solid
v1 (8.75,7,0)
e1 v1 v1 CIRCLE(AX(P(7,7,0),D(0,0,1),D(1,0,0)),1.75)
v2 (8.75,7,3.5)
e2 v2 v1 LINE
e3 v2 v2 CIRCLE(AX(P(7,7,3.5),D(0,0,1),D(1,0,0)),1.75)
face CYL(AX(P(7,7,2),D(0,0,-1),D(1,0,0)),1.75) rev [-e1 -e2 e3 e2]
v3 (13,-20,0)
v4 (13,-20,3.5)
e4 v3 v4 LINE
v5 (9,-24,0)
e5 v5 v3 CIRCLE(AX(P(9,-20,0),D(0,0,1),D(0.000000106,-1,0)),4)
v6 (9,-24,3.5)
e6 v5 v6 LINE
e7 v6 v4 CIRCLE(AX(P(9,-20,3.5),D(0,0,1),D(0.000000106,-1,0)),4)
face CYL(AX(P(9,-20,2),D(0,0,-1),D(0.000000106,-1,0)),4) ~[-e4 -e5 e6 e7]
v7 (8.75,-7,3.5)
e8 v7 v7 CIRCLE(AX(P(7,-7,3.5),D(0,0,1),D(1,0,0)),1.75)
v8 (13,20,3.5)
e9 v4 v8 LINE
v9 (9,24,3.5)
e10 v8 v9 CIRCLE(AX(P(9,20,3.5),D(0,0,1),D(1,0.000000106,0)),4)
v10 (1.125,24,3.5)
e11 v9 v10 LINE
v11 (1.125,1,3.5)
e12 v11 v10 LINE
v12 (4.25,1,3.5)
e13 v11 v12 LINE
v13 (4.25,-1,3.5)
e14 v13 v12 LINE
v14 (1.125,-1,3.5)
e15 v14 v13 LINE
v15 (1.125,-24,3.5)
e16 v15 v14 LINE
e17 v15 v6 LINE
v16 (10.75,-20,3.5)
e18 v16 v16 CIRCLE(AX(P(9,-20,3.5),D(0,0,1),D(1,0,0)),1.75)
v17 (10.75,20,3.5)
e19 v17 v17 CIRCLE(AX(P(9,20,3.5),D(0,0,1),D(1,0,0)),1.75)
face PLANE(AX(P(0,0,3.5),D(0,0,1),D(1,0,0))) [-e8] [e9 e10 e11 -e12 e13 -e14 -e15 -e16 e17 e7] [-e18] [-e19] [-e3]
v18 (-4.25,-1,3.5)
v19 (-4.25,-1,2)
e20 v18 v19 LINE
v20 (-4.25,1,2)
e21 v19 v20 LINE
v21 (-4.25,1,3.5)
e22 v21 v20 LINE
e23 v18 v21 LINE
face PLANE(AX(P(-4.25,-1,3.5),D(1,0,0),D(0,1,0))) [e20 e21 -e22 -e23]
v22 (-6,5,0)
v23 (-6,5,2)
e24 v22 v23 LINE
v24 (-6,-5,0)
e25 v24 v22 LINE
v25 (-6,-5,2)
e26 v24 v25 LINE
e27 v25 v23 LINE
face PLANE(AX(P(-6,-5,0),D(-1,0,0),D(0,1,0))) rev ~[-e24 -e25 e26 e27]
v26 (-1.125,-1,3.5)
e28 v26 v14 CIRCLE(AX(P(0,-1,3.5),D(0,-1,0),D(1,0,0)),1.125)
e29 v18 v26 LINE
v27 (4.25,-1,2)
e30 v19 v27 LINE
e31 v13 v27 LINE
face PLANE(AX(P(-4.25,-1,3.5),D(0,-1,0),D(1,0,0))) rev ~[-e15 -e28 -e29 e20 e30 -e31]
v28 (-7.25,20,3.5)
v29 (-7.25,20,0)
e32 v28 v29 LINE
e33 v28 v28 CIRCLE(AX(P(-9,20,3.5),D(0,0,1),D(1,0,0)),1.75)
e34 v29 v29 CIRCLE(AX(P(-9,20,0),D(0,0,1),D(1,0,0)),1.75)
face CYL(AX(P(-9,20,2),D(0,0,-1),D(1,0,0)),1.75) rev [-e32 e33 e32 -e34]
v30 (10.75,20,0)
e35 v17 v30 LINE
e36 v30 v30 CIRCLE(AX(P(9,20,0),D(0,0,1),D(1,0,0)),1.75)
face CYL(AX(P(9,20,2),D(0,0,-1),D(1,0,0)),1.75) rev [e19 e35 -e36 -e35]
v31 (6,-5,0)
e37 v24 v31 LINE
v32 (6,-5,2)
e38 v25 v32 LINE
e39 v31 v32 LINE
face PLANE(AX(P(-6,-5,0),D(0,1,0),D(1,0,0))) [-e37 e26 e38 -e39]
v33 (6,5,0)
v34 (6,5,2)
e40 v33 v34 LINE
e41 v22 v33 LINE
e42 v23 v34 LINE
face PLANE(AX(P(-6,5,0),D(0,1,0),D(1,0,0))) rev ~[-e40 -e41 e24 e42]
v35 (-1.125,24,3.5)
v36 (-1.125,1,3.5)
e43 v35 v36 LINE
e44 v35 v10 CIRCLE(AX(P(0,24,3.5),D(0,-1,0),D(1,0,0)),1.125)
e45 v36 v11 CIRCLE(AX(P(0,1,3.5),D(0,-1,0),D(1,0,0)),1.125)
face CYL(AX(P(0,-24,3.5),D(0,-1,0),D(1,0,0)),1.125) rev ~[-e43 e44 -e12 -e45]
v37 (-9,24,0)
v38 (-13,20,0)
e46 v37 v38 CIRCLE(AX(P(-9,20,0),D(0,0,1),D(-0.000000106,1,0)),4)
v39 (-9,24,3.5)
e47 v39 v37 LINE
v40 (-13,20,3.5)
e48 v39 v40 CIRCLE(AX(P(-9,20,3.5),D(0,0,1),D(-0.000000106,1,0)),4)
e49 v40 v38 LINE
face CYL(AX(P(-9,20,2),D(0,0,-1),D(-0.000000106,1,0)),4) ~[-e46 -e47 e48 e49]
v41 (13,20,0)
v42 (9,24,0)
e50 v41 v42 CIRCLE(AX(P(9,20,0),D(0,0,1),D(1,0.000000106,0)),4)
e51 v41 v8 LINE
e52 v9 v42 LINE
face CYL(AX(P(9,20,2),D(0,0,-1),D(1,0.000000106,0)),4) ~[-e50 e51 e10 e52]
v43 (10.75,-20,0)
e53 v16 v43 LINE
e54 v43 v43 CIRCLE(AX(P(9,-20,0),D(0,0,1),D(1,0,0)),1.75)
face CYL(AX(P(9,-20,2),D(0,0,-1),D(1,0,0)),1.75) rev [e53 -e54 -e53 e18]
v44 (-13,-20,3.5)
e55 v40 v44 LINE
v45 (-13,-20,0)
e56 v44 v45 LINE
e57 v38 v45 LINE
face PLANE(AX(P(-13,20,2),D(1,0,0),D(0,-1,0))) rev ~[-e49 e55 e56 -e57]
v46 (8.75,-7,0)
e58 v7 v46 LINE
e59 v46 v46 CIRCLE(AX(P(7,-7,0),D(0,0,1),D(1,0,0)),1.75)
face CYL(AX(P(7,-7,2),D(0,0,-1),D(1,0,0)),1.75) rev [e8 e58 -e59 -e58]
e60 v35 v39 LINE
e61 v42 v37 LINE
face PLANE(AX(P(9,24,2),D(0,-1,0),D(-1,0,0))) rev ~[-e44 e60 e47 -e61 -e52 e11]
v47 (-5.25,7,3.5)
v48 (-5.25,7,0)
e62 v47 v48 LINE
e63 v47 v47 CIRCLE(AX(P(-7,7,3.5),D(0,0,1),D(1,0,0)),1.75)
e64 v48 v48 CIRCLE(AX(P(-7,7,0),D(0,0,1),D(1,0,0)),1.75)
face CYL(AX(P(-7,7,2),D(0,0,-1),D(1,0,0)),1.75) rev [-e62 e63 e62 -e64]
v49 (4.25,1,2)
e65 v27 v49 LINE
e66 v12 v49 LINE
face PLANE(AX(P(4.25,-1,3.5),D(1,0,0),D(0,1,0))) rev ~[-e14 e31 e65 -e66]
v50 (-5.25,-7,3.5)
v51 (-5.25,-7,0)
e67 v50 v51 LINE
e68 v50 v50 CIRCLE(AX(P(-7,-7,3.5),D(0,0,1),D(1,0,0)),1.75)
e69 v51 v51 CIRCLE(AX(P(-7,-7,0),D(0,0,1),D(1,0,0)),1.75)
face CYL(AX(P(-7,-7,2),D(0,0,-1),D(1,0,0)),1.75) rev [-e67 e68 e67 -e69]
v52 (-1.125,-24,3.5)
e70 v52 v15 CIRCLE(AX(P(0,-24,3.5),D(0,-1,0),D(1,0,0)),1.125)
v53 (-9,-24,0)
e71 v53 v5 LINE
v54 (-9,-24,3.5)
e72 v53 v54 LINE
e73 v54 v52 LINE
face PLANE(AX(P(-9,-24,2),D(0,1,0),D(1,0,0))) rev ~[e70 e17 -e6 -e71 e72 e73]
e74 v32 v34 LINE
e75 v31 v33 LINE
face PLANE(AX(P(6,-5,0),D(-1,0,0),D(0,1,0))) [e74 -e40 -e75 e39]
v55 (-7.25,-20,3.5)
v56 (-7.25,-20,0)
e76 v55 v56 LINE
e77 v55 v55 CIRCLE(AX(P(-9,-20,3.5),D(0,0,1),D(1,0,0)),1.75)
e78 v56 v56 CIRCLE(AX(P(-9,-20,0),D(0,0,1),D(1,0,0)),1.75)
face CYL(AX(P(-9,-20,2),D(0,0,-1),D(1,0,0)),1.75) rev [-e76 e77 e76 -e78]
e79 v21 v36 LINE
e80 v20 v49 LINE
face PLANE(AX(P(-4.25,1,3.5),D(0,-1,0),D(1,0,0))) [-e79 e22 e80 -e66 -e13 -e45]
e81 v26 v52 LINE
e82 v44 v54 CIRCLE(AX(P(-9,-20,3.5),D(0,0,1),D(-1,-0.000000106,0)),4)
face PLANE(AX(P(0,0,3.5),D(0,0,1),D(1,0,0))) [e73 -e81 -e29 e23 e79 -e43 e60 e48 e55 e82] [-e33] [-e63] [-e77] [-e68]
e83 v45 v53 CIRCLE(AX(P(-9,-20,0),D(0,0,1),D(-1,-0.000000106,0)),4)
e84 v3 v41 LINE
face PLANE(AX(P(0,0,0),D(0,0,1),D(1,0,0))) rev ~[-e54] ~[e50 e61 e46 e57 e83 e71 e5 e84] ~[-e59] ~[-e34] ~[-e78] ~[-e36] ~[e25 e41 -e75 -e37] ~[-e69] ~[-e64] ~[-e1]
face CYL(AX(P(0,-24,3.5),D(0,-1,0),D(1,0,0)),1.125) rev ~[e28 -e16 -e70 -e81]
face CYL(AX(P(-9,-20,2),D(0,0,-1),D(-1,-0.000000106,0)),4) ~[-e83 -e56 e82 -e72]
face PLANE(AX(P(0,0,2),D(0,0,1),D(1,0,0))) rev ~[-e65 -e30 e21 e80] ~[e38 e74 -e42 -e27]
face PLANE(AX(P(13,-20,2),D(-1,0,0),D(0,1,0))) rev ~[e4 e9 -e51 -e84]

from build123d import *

# Parameters (mm, degrees)
F0_R     = 1.75
F0_W     = 12
F0_H     = 10
F1_DEPTH = 2
F2_R     = 1.75
F3_DEPTH = 1.5
F4_R     = 1.125
F5_DEPTH = 60
F6_W     = 8.5
F6_H     = 2
F7_DEPTH = 5


with BuildPart() as f1:
    # F0 (on Top) → F1 (new body)
    with BuildSketch(Plane.XY):
        with BuildLine():
            ThreePointArc((-13, -20), (-11.828427, -22.828427), (-9, -24))
            Line((-9, -24), (9, -24))
            ThreePointArc((9, -24), (11.828427, -22.828427), (13, -20))
            Line((13, -20), (13, 20))
            ThreePointArc((13, 20), (11.828427, 22.828427), (9, 24))
            Line((9, 24), (-9, 24))
            ThreePointArc((-9, 24), (-11.828427, 22.828427), (-13, 20))
            Line((-13, 20), (-13, -20))
        make_face()
        with Locations((-9, -20)):
            Circle(F0_R, mode=Mode.SUBTRACT)
        with Locations((-7, -7)):
            Circle(F0_R, mode=Mode.SUBTRACT)
        with Locations((9, -20)):
            Circle(F0_R, mode=Mode.SUBTRACT)
        with Locations((7, -7)):
            Circle(F0_R, mode=Mode.SUBTRACT)
        with Locations((-7, 7)):
            Circle(F0_R, mode=Mode.SUBTRACT)
        with Locations((-9, 20)):
            Circle(F0_R, mode=Mode.SUBTRACT)
        Rectangle(F0_W, F0_H, mode=Mode.SUBTRACT)
        with Locations((7, 7)):
            Circle(F0_R, mode=Mode.SUBTRACT)
        with Locations((9, 20)):
            Circle(F0_R, mode=Mode.SUBTRACT)
    extrude(amount=F1_DEPTH)

    # F2 (on face) → F3 (join)
    with BuildSketch(Plane.XY.offset(2)):
        with BuildLine():
            ThreePointArc((-13, -20), (-11.828427, -22.828427), (-9, -24))
            Line((-9, -24), (9, -24))
            ThreePointArc((9, -24), (11.828427, -22.828427), (13, -20))
            Line((13, -20), (13, 20))
            ThreePointArc((13, 20), (11.828427, 22.828427), (9, 24))
            Line((9, 24), (-9, 24))
            ThreePointArc((-9, 24), (-11.828427, 22.828427), (-13, 20))
            Line((-13, 20), (-13, -20))
        make_face()
        with Locations((-9, -20)):
            Circle(F2_R, mode=Mode.SUBTRACT)
        with Locations((-7, -7)):
            Circle(F2_R, mode=Mode.SUBTRACT)
        with Locations((9, -20)):
            Circle(F2_R, mode=Mode.SUBTRACT)
        with Locations((7, -7)):
            Circle(F2_R, mode=Mode.SUBTRACT)
        with Locations((-7, 7)):
            Circle(F2_R, mode=Mode.SUBTRACT)
        with Locations((-9, 20)):
            Circle(F2_R, mode=Mode.SUBTRACT)
        with Locations((7, 7)):
            Circle(F2_R, mode=Mode.SUBTRACT)
        with Locations((9, 20)):
            Circle(F2_R, mode=Mode.SUBTRACT)
    extrude(amount=F3_DEPTH)


with BuildPart() as f5:
    # F4 (on face) → F5 (new body)
    with BuildSketch(Plane.XZ.offset(24)):
        with Locations((0, 3.5)):
            Circle(F4_R)
    extrude(amount=-F5_DEPTH)


with BuildPart() as f7:
    # F6 (on face) → F7 (new body)
    with BuildSketch(Plane.XY.offset(3.5)):
        Rectangle(F6_W, F6_H)
    extrude(amount=-F7_DEPTH)


with BuildPart() as f1_1:
    add(f1.part)

    # F8: cut F5, F7
    add(f5.part, mode=Mode.SUBTRACT)
    add(f7.part, mode=Mode.SUBTRACT)


solid = f1_1.part
